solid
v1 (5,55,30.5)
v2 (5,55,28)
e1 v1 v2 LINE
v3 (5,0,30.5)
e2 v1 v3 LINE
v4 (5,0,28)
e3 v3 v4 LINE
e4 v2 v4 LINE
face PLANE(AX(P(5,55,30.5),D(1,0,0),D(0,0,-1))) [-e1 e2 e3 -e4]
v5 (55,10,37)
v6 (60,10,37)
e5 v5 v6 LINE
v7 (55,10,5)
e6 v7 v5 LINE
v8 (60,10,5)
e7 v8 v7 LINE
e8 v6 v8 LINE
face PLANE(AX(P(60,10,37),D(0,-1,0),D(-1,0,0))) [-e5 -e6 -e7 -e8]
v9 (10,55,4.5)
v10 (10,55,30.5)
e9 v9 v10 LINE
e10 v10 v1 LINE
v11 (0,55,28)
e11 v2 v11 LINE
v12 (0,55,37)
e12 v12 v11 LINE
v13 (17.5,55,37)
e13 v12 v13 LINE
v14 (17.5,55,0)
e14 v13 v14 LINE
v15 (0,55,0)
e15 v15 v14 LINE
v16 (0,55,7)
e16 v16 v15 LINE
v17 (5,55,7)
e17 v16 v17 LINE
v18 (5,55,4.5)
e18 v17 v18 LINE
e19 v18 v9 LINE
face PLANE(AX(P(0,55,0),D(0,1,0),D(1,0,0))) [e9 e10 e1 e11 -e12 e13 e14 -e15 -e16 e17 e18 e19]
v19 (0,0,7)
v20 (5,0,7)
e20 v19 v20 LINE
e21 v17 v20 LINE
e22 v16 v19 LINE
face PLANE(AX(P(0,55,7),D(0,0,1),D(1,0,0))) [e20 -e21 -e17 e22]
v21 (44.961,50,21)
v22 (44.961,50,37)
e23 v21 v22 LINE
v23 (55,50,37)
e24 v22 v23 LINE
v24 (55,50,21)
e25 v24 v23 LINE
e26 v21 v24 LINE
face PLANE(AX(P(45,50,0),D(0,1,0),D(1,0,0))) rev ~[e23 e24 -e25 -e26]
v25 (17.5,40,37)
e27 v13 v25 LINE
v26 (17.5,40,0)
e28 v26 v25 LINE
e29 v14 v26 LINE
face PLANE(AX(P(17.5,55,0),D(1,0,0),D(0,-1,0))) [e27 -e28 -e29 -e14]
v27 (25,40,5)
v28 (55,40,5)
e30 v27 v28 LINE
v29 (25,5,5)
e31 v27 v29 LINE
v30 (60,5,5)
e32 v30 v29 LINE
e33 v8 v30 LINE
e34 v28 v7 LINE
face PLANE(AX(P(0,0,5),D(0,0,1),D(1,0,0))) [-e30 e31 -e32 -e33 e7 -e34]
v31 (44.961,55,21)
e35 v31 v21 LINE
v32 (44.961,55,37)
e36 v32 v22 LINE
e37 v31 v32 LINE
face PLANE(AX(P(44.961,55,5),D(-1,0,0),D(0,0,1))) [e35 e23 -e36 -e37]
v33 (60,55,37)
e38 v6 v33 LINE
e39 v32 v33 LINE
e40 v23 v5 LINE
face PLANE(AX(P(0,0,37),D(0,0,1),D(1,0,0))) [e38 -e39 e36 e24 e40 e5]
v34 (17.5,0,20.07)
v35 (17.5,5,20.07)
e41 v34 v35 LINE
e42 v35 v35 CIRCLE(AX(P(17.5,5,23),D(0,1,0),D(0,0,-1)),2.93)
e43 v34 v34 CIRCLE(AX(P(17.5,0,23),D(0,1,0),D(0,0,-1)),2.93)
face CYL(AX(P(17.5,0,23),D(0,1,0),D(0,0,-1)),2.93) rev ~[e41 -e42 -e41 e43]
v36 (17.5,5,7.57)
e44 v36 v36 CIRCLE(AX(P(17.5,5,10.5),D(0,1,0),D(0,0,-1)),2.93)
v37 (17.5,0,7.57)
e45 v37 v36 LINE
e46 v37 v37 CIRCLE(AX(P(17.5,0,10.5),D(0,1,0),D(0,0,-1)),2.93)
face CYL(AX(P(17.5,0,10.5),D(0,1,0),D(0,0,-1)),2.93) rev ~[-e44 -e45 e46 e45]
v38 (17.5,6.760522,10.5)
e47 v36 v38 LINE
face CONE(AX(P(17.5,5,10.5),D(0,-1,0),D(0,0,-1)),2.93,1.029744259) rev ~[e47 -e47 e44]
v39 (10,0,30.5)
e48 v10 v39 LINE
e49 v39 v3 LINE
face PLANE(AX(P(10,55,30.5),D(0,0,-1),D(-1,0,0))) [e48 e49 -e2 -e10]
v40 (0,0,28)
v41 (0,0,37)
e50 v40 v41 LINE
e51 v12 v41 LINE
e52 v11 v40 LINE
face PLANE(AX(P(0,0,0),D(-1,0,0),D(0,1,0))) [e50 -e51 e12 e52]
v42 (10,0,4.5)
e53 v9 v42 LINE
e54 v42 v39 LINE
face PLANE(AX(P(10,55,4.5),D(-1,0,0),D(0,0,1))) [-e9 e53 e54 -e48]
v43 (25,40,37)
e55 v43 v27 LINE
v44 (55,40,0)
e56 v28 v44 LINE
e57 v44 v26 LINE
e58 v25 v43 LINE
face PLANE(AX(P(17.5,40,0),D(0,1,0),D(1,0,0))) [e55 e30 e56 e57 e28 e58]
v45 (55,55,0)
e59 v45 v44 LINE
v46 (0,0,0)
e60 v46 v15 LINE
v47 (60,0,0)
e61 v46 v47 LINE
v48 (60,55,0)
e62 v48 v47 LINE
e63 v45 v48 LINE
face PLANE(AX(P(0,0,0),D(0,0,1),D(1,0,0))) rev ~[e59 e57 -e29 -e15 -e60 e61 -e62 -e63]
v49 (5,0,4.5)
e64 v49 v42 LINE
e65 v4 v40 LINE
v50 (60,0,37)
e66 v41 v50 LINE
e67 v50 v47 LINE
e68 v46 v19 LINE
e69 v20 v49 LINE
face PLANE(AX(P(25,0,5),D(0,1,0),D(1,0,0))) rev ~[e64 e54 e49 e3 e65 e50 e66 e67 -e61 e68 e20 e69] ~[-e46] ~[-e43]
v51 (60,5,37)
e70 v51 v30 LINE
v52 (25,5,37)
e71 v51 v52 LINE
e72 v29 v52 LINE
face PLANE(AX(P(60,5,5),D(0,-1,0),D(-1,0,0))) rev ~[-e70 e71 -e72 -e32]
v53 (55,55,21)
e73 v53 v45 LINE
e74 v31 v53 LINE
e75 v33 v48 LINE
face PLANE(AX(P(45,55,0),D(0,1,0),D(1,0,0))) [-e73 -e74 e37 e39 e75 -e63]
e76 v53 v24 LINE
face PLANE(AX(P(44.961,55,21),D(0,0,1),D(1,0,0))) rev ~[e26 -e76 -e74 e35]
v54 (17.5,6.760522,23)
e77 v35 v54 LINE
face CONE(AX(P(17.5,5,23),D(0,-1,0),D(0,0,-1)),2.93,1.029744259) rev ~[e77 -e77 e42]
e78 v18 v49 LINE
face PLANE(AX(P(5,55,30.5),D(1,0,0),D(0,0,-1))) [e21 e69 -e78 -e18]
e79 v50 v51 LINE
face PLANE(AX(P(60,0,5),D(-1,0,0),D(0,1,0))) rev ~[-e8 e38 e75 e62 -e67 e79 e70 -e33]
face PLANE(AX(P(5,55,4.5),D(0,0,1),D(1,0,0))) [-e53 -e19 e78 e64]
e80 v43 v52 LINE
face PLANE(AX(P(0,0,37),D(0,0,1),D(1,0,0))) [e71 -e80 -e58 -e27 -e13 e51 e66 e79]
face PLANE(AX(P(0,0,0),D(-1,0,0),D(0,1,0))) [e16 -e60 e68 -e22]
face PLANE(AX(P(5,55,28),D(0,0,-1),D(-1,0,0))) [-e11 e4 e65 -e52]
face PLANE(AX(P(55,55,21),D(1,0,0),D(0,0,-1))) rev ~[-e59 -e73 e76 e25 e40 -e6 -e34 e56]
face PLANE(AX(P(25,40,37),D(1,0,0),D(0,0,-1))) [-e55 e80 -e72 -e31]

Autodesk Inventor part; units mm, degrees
ref_plane "YZ Plane" through (0, 0, 0) normal (1, 0, 0) x (0, 1, 0)
ref_plane "XZ Plane" through (0, 0, 0) normal (0, 1, 0) x (-1, 0, 0)
ref_plane "XY Plane" through (0, 0, 0) normal (0, 0, 1) x (1, 0, 0)
sketch "Sketch3" plane through (0, 0, 0) normal (0, 0, 1) x (1, 0, 0)
  line L0 (0, 0) -> (0, 55)
  line L1 (0, 55) -> (17.5, 55)
  line L2 (17.5, 55) -> (17.5, 40)
  line L3 (17.5, 40) -> (45, 40)
  line L4 (45, 40) -> (45, 55)
  line L5 (10.4377, 0) -> (0, 0)
  line L6 (45, 55) -> (60, 55)
  line L7 (60, 55) -> (60, 0)
  line L8 (60, 0) -> (0, 0)
  dimension "d7" = 55
  dimension "d8" = 17.5
  dimension "d12" = 15
  dimension "d13" = 27.5
  dimension "d14" = 15
  dimension "d15" = 55
  dimension "d16" = 60
extrude "Extrusion2" add sketch "Sketch3" along normal blind 5
sketch "Sketch4" plane through (0, 55, 0) normal (0, 1, 0) x (1, 0, 0)
  line L0 (17.5, -5) -> (0, -5) projected
  line L1 (0, -37) -> (17.5, -37)
  line L2 (17.5, -37) -> (17.5, -5)
  line L3 (17.5, -5) -> (0, -5)
  line L4 (0, -5) -> (0, -37)
  point P0 (0, 0)
  dimension "d20" = 32
  dimension "d21" = 17.5
extrude "Extrusion3" add sketch "Sketch4" against normal blind 55
sketch "Sketch5" plane through (45, 55, 0) normal (0, 1, 0) x (1, 0, 0)
  line L0 (15, 0) -> (15, -5) projected
  line L1 (-0.039, -37) -> (15, -37)
  line L2 (15, -37) -> (15, -5)
  line L3 (15, -5) -> (-0.039, -5)
  line L4 (-0.039, -5) -> (-0.039, -37)
  point P0 (-45, 0)
  dimension "d24" = 32
extrude "Extrusion4" add sketch "Sketch5" against normal blind 5
sketch "Sketch7" plane through (17.5, 40, 0) normal (0, 1, 0) x (1, 0, 0)
  line L0 (0, -5) -> (0, -37) projected
  line L1 (27.5, -5) -> (0, -5) projected
  line L2 (0, -37) -> (7.5, -37)
  line L3 (7.5, -37) -> (7.5, -5)
  line L4 (7.5, -5) -> (0, -5)
  line L5 (0, -5) -> (0, -37)
  point P0 (-17.5, 0)
  dimension "d27" = 7.5
extrude "Extrusion5" add sketch "Sketch7" against normal blind 40
sketch "Sketch8" plane through (0, 0, 5) normal (0, 0, 1) x (1, 0, 0)
  line L0 (25, 0) -> (60, 0) projected
  line L1 (60, 0) -> (60, 50) projected
  line L2 (25, 0) -> (60, 0)
  line L3 (60, 0) -> (60, 5)
  line L4 (60, 5) -> (25, 5)
  line L5 (25, 5) -> (25, 0)
  point P0 (0, 0)
  dimension "d30" = 5
extrude "Extrusion6" add sketch "Sketch8" along normal blind 32
sketch "Sketch9" plane through (0, 0, 5) normal (0, 0, 1) x (1, 0, 0)
  line L0 (60, 50) -> (45, 50) projected
  line L1 (60, 50) -> (55, 50)
  line L2 (55, 50) -> (55, 0)
  line L3 (55, 0) -> (60, 0)
  line L4 (60, 0) -> (60, 50)
  point P0 (0, 0)
  dimension "d31" = 32
  dimension "d33" = 50
  dimension "d34" = 5
extrude "Extrusion7" add sketch "Sketch9" along normal blind 32
sketch "Sketch10" plane through (0, 55, 0) normal (0, 1, 0) x (1, 0, 0)
  line L0 (10, -30.5) -> (5, -30.5)
  line L1 (5, -30.5) -> (5, -4.5)
  line L2 (5, -4.5) -> (10, -4.5)
  line L3 (10, -4.5) -> (10, -30.5)
  line L4 (17.5, 0) -> (17.5, -37) projected
  line L5 (0, 0) -> (17.5, 0) projected
  line L6 (0, 0) -> (0, -37) projected
  dimension "d45" = 5
  dimension "d46" = 26
  dimension "d47" = 7.5
  dimension "d48" = 4.5
extrude "Extrusion8" cut sketch "Sketch10" against normal blind 60
sketch "Sketch11" plane through (0, 55, 0) normal (0, 1, 0) x (1, 0, 0)
  line L0 (5, -4.5) -> (5, -30.5) projected
  line L1 (0, 0) -> (0, -37) projected
  line L2 (5, -28) -> (0, -28)
  line L3 (0, -28) -> (0, -7)
  line L4 (0, -7) -> (5, -7)
  line L5 (5, -7) -> (5, -28)
  line L6 (0, -37) -> (17.5, -37) projected
  point P0 (5, -35)
  dimension "d52" = 21
  dimension "d53" = 9
extrude "Extrusion9" cut sketch "Sketch11" against normal blind 60
sketch "Sketch12" plane through (0, 0, 0) normal (0, -1, 0) x (1, 0, 0)
  circle A0 centre (17.5, 10.5) radius 2.5
  circle A1 centre (17.5, 23) radius 2.5
  line L0 (10, 30.5) -> (10, 4.5) projected
  line L1 (0, 37) -> (60, 37) projected
  line L2 (60, 0) -> (0, 0) projected
  point P0 (10, 35)
  point P1 (25, 35)
  dimension "d56" = 5
  dimension "d57" = 5
  dimension "d58" = 7.5
  dimension "d59" = 7.5
  dimension "d78" = 14
  dimension "d79" = 12.5
hole "Hole1" at (17.5, 0, 10.5) at (17.5, 0, 23) direction (0, 1, 0) diameter 5.86 depth 5 tip angle 118
sketch "Sketch14" plane through (0, 55, 37) normal (0, 0, 1) x (1, 0, 0)
  line L0 (55, -5) -> (55, -50) projected
  line L1 (60, 0) -> (60, -55) projected
  line L2 (55, -50) -> (60, -50)
  line L3 (60, -50) -> (60, -45)
  line L4 (60, -45) -> (55, -45)
  line L5 (55, -45) -> (55, -50)
  point P0 (0, -55)
  dimension "d69" = 5
extrude "Extrusion10" cut sketch "Sketch14" along normal mid plane 64
sketch "Sketch20" plane through (45, 55, 0) normal (0, 1, 0) x (1, 0, 0)
  line L0 (-0.039, -37) -> (-0.039, -5) projected
  line L1 (0, 0) -> (15, 0) projected
  line L2 (-0.039, -21) -> (10, -21)
  line L3 (10, -21) -> (10, 0)
  line L4 (10, 0) -> (-0.039, 0)
  line L5 (-0.039, 0) -> (-0.039, -21)
  line L6 (15, 0) -> (15, -37) projected
  point P0 (-45, 0)
  dimension "d77" = 5
extrude "Extrusion12" cut sketch "Sketch20" against normal blind 15
properties part number "Holder" material "Iron, Cast"
